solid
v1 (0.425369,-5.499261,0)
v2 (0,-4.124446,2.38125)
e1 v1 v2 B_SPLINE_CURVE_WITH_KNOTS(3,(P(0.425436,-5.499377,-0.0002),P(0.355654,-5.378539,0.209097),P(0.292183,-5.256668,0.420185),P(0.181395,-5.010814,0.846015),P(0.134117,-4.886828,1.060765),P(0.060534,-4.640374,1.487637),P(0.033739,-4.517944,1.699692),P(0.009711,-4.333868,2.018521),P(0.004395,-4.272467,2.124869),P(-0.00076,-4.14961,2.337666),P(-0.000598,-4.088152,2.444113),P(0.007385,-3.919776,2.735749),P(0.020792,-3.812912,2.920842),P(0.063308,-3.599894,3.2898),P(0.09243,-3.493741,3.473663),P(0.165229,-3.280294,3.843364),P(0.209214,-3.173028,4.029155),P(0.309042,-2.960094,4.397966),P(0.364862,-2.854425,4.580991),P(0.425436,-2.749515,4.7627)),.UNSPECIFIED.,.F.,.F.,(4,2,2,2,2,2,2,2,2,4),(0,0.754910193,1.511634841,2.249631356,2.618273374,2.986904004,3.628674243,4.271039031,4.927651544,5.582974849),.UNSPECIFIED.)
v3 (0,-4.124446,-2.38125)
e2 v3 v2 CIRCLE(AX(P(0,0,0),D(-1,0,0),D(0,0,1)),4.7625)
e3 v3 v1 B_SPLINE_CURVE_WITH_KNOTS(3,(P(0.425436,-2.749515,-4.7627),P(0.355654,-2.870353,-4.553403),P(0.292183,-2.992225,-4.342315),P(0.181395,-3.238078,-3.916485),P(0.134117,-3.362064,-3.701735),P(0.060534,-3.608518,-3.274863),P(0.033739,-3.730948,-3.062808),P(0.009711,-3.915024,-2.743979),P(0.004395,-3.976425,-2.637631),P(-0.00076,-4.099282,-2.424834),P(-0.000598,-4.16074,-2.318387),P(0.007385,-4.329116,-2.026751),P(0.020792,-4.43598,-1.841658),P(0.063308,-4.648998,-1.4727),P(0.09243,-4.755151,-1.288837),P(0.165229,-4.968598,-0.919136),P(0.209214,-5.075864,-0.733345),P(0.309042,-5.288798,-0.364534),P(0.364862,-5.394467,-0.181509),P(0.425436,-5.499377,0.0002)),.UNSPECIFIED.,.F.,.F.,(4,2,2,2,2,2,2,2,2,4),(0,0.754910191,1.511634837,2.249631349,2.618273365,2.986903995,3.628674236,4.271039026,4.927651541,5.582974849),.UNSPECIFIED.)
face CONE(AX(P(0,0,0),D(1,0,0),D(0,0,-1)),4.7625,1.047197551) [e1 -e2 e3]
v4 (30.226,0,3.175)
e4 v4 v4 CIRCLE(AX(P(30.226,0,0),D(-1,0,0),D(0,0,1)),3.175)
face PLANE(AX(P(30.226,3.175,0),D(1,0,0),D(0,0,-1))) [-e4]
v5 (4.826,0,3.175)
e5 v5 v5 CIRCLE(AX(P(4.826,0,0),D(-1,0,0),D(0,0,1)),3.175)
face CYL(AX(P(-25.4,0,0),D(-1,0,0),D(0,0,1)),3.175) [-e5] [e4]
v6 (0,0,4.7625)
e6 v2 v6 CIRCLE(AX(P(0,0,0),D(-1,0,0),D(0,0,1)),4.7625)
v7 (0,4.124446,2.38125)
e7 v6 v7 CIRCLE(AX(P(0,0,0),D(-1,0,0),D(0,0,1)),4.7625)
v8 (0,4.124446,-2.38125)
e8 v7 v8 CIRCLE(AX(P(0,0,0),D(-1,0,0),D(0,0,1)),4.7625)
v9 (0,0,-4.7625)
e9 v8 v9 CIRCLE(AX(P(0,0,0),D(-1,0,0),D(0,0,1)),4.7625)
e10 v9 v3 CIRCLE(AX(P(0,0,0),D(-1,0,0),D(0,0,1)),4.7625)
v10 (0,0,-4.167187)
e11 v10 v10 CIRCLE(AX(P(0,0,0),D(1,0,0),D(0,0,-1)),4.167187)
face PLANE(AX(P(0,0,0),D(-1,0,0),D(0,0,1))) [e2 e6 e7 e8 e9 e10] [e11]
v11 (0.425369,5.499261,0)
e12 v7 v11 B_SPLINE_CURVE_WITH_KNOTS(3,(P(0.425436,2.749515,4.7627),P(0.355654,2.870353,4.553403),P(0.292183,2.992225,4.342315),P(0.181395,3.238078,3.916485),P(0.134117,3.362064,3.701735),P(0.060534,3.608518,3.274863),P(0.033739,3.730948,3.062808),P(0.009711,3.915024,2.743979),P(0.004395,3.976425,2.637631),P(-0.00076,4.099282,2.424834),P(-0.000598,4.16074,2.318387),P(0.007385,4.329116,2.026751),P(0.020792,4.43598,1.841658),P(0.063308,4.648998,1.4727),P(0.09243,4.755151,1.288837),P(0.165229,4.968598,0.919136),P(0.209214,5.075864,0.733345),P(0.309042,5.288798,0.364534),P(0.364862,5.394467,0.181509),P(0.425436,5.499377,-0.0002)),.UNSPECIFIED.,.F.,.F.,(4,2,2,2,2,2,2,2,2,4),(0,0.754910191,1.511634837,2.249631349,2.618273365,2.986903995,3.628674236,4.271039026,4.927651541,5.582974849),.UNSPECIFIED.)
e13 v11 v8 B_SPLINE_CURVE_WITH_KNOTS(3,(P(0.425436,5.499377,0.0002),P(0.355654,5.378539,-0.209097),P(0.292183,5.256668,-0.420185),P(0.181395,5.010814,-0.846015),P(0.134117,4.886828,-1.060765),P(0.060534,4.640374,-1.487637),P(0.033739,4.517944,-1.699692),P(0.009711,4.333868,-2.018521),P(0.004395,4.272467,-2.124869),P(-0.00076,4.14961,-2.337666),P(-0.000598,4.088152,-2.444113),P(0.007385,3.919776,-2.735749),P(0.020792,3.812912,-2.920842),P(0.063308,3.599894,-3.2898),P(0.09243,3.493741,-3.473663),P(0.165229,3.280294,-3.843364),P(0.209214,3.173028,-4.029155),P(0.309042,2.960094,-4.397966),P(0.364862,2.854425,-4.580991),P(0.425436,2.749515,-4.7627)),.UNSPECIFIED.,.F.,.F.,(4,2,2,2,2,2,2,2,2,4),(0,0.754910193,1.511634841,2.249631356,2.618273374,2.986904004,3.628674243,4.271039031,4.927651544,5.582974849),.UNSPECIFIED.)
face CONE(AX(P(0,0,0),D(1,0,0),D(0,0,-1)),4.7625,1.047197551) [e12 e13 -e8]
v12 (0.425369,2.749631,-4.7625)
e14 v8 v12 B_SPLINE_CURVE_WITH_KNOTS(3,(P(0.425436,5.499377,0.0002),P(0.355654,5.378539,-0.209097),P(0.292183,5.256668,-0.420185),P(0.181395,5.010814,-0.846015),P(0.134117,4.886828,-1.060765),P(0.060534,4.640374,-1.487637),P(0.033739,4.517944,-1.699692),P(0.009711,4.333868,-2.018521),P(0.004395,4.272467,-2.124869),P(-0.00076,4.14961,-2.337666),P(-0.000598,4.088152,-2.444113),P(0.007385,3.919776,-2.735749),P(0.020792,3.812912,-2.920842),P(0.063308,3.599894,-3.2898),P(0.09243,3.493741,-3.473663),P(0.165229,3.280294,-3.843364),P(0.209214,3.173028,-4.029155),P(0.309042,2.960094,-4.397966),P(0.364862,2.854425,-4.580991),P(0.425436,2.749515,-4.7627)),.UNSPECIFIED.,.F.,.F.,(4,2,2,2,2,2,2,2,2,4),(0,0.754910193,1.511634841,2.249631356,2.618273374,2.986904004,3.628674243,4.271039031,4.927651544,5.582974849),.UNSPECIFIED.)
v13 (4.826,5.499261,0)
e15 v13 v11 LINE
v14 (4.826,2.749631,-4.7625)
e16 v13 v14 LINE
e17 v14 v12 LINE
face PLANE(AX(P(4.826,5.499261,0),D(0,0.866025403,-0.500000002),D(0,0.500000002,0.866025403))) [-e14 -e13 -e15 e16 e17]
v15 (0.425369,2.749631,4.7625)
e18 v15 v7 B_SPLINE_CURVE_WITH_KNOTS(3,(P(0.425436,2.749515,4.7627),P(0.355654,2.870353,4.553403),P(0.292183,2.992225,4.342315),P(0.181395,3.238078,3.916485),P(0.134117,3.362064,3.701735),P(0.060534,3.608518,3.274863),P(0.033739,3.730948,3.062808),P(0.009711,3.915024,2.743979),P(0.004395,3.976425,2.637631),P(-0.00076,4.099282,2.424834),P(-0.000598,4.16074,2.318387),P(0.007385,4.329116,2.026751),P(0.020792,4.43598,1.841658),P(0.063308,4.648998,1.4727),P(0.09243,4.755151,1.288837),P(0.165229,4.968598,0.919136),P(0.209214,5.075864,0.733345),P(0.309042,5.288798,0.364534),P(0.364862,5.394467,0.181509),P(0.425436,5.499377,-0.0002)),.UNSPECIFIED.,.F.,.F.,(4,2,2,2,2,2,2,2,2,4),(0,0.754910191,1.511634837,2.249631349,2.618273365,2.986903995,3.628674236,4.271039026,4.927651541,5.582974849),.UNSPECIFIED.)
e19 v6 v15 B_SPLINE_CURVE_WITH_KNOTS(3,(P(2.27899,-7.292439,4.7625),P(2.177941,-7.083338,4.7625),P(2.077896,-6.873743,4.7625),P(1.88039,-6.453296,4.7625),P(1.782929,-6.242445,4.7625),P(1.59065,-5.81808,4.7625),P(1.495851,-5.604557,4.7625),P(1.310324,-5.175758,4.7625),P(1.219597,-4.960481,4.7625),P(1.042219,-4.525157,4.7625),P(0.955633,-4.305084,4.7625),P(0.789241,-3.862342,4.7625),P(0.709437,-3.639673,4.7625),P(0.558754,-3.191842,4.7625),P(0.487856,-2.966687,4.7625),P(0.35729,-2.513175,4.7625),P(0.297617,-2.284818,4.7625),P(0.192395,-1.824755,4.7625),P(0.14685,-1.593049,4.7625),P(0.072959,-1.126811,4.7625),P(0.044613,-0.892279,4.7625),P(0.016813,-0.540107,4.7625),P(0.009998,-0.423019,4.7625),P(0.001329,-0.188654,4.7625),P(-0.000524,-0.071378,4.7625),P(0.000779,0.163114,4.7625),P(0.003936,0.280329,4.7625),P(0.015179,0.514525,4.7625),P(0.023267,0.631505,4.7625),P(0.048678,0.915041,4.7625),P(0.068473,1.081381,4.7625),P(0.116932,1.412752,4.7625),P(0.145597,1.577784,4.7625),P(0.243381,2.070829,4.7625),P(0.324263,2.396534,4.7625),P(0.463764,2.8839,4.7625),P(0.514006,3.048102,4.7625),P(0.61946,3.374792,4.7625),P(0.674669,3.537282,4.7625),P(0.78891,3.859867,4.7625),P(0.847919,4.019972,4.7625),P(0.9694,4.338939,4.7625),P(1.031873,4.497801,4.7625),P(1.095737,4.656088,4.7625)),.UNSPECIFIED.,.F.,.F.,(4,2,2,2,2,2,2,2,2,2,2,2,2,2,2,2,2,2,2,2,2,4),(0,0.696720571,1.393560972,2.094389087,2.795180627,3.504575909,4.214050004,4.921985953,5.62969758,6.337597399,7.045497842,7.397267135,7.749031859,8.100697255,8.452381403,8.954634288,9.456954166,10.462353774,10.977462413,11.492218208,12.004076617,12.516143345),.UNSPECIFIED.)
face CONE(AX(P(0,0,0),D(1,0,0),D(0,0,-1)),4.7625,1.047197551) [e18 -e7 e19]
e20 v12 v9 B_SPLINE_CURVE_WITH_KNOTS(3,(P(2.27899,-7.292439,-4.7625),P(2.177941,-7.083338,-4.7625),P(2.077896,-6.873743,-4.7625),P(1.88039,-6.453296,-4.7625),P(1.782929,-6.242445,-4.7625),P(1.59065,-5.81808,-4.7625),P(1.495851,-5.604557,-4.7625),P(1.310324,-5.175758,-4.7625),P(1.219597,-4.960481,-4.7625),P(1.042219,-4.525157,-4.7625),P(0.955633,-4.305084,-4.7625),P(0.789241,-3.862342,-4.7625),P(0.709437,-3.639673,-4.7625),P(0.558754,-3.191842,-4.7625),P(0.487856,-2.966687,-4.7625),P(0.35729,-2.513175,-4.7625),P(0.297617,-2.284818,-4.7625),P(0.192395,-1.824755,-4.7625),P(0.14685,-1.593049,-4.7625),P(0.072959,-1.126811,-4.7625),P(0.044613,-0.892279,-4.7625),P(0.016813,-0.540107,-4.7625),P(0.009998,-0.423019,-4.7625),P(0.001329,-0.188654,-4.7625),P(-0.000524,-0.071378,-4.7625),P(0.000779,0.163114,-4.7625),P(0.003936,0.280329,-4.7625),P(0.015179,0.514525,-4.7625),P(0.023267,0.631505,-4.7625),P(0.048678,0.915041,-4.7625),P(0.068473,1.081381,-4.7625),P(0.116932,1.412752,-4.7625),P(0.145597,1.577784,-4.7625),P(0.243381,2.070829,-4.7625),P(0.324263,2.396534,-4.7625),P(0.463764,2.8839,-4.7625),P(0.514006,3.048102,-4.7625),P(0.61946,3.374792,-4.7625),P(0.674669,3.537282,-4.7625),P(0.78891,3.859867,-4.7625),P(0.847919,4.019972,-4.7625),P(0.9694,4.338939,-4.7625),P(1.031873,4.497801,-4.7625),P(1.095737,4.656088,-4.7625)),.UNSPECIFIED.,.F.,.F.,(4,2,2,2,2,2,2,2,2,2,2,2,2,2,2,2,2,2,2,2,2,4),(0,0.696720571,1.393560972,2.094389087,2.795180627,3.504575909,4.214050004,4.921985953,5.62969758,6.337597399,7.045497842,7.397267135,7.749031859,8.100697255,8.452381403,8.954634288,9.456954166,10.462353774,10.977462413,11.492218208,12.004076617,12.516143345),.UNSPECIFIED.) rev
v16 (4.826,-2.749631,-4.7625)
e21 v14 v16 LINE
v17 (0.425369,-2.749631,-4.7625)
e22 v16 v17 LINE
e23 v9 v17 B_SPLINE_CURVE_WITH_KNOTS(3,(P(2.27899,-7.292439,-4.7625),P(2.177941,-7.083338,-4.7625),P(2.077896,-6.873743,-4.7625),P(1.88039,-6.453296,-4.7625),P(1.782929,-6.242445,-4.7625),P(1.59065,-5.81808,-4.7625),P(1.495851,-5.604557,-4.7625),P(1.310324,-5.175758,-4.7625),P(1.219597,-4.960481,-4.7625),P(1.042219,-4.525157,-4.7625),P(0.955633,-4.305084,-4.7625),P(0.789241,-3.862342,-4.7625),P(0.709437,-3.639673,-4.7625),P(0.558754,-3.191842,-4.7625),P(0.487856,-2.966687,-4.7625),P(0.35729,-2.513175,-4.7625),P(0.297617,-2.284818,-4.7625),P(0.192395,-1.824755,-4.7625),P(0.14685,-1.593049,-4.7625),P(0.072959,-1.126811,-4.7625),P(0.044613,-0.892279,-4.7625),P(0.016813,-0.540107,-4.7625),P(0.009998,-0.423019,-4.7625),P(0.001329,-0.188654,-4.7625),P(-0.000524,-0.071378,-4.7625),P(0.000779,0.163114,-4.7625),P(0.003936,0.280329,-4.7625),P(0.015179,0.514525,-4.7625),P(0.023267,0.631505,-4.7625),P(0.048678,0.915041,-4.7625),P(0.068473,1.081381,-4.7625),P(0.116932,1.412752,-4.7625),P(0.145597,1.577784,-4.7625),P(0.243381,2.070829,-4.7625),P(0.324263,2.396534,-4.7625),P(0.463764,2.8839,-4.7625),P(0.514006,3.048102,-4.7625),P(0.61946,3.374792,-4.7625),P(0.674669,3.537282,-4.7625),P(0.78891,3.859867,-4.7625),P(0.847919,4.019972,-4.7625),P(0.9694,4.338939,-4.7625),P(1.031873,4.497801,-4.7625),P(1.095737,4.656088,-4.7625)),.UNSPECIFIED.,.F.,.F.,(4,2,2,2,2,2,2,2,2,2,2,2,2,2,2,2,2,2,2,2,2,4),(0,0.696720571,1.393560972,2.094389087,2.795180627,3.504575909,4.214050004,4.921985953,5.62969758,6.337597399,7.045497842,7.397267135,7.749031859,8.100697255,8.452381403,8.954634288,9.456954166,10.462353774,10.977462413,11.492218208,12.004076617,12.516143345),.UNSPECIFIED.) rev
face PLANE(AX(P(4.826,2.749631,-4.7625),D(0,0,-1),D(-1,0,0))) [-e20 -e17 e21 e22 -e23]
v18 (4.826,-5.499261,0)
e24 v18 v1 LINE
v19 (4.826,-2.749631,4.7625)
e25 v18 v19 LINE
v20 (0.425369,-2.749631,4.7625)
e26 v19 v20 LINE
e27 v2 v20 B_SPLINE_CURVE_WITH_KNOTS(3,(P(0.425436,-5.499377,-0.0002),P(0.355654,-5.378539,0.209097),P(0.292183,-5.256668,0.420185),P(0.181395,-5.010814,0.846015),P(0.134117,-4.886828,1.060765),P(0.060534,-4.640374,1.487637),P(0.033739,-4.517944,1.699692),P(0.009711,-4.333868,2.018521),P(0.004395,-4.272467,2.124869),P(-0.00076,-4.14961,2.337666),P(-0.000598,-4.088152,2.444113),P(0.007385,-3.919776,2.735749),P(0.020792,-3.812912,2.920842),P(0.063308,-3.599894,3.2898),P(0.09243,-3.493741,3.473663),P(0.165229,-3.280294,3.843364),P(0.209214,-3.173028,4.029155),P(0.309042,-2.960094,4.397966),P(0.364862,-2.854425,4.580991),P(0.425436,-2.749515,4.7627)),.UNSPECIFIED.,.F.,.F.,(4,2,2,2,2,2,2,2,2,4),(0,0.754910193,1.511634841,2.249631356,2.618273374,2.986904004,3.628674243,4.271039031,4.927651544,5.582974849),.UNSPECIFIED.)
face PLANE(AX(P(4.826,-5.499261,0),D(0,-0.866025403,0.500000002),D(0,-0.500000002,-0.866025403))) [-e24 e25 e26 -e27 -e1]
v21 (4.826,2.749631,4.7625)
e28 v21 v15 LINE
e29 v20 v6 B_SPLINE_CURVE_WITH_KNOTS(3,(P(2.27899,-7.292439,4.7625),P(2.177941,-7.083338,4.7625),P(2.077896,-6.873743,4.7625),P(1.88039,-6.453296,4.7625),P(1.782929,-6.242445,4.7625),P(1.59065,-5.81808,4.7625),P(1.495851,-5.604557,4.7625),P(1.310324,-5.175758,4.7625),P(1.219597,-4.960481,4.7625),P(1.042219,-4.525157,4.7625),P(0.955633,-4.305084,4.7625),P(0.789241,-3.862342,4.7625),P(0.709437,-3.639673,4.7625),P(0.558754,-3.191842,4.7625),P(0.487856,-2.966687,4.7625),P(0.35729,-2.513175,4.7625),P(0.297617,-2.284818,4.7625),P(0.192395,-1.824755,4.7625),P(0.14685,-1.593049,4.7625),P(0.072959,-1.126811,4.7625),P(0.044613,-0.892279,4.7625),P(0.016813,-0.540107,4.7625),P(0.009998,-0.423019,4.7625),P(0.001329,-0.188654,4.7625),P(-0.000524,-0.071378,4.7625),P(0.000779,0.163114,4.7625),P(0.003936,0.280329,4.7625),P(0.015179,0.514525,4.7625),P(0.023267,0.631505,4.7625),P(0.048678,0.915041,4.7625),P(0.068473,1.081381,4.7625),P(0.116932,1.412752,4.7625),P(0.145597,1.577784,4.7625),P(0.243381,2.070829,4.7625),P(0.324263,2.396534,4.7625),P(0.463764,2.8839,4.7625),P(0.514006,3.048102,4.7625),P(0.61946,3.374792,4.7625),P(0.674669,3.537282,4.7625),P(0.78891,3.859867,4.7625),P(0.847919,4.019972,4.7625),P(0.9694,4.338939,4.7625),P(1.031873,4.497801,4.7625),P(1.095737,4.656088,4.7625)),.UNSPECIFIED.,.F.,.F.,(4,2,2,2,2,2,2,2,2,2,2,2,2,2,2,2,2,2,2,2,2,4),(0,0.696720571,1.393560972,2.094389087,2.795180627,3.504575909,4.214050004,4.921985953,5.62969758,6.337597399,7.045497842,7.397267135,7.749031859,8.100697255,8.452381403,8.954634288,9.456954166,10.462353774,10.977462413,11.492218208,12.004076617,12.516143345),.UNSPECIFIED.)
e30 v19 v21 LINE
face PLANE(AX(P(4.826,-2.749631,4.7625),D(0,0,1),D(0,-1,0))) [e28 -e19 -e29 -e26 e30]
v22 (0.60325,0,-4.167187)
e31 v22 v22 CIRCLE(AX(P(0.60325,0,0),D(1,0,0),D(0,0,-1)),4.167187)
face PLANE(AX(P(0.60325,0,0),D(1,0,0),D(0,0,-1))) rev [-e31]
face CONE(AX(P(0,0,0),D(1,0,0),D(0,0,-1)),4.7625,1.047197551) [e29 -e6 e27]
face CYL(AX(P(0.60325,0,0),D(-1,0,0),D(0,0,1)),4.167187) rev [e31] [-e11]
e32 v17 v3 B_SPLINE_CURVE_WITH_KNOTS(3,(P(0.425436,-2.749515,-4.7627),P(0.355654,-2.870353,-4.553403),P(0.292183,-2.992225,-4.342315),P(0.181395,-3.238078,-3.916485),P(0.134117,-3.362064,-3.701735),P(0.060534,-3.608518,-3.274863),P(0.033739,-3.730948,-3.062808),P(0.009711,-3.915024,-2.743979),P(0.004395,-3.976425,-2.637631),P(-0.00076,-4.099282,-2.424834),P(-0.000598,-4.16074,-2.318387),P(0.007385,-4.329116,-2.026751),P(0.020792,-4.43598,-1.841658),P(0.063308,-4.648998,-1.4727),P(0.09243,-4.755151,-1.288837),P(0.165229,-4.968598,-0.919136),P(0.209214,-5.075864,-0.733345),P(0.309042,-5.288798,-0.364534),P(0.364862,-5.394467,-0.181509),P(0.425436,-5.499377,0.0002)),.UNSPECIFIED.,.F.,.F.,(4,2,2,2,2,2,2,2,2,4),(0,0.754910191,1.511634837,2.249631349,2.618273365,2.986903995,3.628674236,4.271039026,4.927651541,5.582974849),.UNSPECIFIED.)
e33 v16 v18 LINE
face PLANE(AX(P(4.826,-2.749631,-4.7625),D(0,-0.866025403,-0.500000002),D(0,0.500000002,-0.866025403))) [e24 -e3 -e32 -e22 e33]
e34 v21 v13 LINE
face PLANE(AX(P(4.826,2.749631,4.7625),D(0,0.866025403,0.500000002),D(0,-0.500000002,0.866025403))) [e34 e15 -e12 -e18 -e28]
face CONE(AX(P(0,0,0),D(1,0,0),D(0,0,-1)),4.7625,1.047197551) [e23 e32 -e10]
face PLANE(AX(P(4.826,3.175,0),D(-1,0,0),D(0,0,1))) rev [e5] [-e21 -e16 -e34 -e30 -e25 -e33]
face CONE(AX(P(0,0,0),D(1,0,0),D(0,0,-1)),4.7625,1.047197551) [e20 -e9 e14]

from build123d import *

# Parameters (mm, degrees)
SKETCH2_R     = 5.554416859
HEX_DIE_DEPTH = 4.826
SKETCH4_R     = 4.1671875
INDENT_DEPTH  = 0.60325


with BuildPart() as part:
    # BodySke → Base-Revolve (revolve)
    with BuildSketch(Plane.XY, mode=Mode.PRIVATE) as base_revolve_sk:
        Polygon((4.826, 3.175), (4.826, 5.499422633), (0.42546248, 5.499422633), (0, 4.7625), (0, 0), (30.226, 0), (30.226, 3.175), align=None)
    revolve(base_revolve_sk.sketch.rotate(Axis((-25.4, 0, 0), (1, 0, 0)), 90), axis=Axis((-25.4, 0, 0), (1, 0, 0)))

    # Sketch2 → Hex-Die (cut)
    with BuildSketch(Plane(origin=(0, 0, 0), x_dir=(0, 0, -1), z_dir=(1, 0, 0))):
        Circle(SKETCH2_R)
        Polygon((-4.7625, 2.749630669), (0, 5.499261338), (4.7625, 2.749630669), (4.7625, -2.749630669), (0, -5.499261338), (-4.7625, -2.749630669), align=None, mode=Mode.SUBTRACT)
    extrude(amount=HEX_DIE_DEPTH, mode=Mode.SUBTRACT)

    # Sketch4 → Indent (cut)
    with BuildSketch(Plane(origin=(0, 0, 0), x_dir=(0, 0, -1), z_dir=(1, 0, 0))):
        Circle(SKETCH4_R)
    extrude(amount=INDENT_DEPTH, mode=Mode.SUBTRACT)


solid = part.part
